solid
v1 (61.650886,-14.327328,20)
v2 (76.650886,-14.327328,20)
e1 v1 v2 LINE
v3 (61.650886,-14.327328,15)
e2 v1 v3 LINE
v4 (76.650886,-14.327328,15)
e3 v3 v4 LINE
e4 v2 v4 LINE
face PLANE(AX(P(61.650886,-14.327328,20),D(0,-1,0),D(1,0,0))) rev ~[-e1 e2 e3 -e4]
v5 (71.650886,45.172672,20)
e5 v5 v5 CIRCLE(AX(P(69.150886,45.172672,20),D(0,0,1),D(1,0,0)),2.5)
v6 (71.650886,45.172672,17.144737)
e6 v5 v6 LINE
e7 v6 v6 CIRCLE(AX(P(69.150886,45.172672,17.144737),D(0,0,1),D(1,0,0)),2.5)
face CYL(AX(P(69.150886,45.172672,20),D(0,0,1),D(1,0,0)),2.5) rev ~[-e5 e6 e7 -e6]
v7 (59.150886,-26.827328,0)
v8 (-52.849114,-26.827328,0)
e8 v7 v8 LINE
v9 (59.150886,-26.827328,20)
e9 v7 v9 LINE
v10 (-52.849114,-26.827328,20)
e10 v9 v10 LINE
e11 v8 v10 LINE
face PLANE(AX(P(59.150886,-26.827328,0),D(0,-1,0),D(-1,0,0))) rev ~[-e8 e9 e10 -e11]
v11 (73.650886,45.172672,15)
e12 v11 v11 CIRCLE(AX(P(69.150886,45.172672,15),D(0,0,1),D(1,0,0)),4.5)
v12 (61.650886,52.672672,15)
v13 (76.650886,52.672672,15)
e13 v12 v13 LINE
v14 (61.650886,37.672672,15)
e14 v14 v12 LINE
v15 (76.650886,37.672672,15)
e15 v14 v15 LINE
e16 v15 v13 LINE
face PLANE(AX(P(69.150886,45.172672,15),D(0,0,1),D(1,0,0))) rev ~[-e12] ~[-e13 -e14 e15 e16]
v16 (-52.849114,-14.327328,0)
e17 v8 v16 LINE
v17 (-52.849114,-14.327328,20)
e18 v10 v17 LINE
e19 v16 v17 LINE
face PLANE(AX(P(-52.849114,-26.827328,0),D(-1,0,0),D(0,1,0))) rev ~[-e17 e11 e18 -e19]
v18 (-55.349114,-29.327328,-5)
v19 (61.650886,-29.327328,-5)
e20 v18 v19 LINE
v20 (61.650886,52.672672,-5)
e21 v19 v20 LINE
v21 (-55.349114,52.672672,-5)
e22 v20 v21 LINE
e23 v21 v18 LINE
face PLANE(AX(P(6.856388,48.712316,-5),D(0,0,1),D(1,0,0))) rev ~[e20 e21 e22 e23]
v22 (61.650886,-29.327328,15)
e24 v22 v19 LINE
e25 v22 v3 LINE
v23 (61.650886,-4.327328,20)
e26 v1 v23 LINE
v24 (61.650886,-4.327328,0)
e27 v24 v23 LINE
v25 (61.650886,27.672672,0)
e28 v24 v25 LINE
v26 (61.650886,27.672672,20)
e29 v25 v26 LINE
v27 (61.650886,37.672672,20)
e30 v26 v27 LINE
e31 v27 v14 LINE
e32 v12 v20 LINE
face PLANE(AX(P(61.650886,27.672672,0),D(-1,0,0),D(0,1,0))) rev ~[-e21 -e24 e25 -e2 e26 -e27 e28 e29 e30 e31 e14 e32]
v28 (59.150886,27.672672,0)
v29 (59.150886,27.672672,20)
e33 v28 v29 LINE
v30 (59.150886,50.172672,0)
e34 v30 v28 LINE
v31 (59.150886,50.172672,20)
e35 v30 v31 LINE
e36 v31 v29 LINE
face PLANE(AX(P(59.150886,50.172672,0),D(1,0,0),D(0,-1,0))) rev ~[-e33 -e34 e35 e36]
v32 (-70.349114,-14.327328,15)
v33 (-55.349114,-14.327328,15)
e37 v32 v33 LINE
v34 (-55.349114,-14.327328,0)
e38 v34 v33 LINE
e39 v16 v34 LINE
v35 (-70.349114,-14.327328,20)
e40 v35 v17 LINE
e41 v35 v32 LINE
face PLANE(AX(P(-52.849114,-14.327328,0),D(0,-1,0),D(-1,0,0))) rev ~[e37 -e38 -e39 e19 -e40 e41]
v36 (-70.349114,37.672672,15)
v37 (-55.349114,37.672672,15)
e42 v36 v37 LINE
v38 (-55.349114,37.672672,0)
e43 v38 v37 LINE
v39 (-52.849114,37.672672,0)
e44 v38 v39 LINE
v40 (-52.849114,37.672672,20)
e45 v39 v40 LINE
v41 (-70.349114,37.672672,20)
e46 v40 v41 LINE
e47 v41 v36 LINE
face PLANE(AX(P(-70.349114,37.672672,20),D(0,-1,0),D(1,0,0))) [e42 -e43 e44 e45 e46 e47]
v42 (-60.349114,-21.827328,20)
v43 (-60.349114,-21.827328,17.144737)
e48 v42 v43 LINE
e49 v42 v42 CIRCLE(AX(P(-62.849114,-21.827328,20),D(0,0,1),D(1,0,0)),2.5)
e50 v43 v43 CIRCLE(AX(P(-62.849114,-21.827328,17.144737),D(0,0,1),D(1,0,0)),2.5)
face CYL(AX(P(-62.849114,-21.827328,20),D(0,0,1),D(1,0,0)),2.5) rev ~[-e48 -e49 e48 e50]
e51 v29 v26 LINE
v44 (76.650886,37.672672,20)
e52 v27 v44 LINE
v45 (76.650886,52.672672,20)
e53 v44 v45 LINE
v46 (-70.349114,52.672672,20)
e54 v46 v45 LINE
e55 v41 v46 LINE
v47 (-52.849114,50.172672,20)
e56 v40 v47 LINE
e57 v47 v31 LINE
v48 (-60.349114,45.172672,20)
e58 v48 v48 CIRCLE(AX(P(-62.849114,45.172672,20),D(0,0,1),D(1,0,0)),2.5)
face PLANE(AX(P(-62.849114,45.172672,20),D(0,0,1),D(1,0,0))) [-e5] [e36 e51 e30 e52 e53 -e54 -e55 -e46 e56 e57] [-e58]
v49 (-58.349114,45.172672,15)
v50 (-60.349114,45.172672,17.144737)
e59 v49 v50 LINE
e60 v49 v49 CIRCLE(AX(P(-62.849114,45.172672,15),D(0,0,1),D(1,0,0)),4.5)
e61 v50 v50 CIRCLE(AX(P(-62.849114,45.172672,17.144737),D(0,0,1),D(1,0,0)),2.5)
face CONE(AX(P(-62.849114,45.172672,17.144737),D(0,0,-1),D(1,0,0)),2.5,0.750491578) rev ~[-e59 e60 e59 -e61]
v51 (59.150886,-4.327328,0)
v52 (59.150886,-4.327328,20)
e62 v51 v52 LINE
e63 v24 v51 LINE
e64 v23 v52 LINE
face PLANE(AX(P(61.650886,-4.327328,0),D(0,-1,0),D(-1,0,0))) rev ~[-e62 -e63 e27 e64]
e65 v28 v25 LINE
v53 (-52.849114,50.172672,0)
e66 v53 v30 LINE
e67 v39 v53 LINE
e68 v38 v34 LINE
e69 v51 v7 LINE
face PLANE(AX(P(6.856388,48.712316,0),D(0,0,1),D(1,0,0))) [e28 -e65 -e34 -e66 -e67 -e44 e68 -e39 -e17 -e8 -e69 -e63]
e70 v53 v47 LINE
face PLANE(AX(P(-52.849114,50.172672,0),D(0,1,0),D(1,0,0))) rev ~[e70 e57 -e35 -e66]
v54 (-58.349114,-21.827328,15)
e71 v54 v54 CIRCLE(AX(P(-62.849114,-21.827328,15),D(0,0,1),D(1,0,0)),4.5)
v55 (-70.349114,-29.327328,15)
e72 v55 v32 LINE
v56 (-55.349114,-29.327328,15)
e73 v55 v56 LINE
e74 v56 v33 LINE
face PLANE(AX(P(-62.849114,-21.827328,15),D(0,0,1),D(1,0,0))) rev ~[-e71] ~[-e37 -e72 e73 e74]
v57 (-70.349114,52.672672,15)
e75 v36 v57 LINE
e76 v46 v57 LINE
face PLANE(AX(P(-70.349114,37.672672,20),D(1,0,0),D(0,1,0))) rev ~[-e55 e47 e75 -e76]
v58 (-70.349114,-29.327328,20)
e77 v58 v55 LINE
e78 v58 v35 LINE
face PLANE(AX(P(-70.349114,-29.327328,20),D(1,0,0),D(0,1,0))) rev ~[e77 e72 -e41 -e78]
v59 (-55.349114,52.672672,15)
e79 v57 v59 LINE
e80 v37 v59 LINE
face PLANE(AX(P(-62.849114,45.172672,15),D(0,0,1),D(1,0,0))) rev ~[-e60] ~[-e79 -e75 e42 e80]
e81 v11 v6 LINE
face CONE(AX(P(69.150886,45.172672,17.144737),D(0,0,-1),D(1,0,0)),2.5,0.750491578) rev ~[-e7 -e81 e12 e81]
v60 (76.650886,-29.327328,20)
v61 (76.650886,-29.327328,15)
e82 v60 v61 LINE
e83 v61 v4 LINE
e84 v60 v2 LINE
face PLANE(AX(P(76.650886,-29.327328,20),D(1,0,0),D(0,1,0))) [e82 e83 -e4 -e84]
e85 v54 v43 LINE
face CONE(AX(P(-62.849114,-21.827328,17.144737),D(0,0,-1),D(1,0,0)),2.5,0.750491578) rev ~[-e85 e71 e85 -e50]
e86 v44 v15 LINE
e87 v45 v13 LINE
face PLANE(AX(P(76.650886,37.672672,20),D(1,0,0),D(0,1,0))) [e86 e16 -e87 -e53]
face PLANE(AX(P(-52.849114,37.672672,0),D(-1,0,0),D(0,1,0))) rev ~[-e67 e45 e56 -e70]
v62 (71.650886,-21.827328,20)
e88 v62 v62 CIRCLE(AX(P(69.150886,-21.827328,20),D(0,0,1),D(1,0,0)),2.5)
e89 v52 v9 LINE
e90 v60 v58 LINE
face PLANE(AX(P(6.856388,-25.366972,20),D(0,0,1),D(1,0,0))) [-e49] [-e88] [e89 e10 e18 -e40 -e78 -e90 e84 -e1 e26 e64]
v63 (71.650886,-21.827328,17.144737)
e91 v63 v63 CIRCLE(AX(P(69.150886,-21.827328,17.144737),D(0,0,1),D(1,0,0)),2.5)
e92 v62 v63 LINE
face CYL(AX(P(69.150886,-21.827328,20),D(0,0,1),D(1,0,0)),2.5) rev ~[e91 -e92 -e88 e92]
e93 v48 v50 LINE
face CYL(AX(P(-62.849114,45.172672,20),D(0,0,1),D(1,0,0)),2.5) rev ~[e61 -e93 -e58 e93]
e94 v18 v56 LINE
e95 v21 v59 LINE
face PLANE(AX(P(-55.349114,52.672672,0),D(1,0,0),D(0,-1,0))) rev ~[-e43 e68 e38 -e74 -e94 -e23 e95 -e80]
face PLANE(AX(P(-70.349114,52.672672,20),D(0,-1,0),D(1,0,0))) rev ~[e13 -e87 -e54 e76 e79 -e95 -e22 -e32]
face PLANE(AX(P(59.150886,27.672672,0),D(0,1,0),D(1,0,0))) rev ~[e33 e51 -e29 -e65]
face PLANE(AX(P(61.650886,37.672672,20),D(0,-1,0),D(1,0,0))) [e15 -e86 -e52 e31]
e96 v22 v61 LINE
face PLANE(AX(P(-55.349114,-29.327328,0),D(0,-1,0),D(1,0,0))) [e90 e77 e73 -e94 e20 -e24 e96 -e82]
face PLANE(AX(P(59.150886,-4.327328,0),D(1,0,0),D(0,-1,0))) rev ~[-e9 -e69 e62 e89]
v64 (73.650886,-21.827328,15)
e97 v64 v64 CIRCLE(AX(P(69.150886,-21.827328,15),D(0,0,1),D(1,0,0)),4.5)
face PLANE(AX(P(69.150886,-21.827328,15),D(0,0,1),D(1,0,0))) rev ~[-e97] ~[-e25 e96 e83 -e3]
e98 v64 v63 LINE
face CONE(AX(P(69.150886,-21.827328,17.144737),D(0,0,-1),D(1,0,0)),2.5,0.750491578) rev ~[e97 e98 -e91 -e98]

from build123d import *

# Parameters (mm, degrees)
F0_W       = 2.5
F0_H       = 32
F0_H_2     = 52
F1_DEPTH   = 5
F2_DEPTH   = 20
F3_W       = 15
F3_H       = 15
F3_R       = 2.5
F4_W       = 15
F4_H       = 15
F4_R       = 2.5
F5_DEPTH   = 5
F6_SIZE2   = 2.14473742
F6_SIZE    = 2
F7_SIZE2   = 2.14473742
F7_SIZE    = 2
F8_SIZE2   = 2.14473742
F8_SIZE    = 2
F8_2_SIZE2 = 2.14473742
F8_2_SIZE  = 2


with BuildPart() as f1:
    # F0 (on Top) → F1 (new body)
    with BuildSketch(Plane.XY):
        Polygon((61.6508859247, 52.6726719439), (-55.3491140753, 52.6726719439), (-55.3491140753, 37.6726719439), (-52.8491140753, 37.6726719439), (-52.8491140753, 50.1726719439), (59.1508859247, 50.1726719439), (59.1508859247, 27.6726719439), (61.6508859247, 27.6726719439), align=None)
        Polygon((-52.8491140753, 50.1726719439), (-52.8491140753, 37.6726719439), (-52.8491140753, -14.3273280561), (-52.8491140753, -26.8273280561), (59.1508859247, -26.8273280561), (59.1508859247, -4.3273280561), (59.1508859247, 27.6726719439), (59.1508859247, 50.1726719439), align=None)
        with Locations((60.4008859247, 11.6726719439)):
            Rectangle(F0_W, F0_H)
        Polygon((-52.8491140753, -14.3273280561), (-55.3491140753, -14.3273280561), (-55.3491140753, -29.3273280561), (61.6508859247, -29.3273280561), (61.6508859247, -4.3273280561), (59.1508859247, -4.3273280561), (59.1508859247, -26.8273280561), (-52.8491140753, -26.8273280561), align=None)
        with Locations((-54.0991140753, 11.6726719439)):
            Rectangle(F0_W, F0_H_2)
    extrude(amount=-F1_DEPTH)

    # F0 (on Top) → F2 (join)
    with BuildSketch(Plane.XY):
        Polygon((61.6508859247, 52.6726719439), (-55.3491140753, 52.6726719439), (-55.3491140753, 37.6726719439), (-52.8491140753, 37.6726719439), (-52.8491140753, 50.1726719439), (59.1508859247, 50.1726719439), (59.1508859247, 27.6726719439), (61.6508859247, 27.6726719439), align=None)
        Polygon((-52.8491140753, -14.3273280561), (-55.3491140753, -14.3273280561), (-55.3491140753, -29.3273280561), (61.6508859247, -29.3273280561), (61.6508859247, -4.3273280561), (59.1508859247, -4.3273280561), (59.1508859247, -26.8273280561), (-52.8491140753, -26.8273280561), align=None)
    extrude(amount=F2_DEPTH)

    # F3 (on face) + F4 (on face) → F5 (join)
    with BuildSketch(Plane.XY.offset(20)):
        with Locations((-62.8491140753, 45.1726719439)):
            Rectangle(F3_W, F3_H)
        with Locations((-62.8491140753, 45.1726719439)):
            Circle(F3_R, mode=Mode.SUBTRACT)
        with Locations((69.1508859247, 45.1726719439)):
            Rectangle(F3_W, F3_H)
        with Locations((69.1508859247, 45.1726719439)):
            Circle(F3_R, mode=Mode.SUBTRACT)
    with BuildSketch(Plane.XY.offset(20)):
        with Locations((-62.8491140753, -21.8273280561)):
            Rectangle(F4_W, F4_H)
        with Locations((-62.8491140753, -21.8273280561)):
            Circle(F4_R, mode=Mode.SUBTRACT)
        with Locations((69.1508859247, -21.8273280561)):
            Rectangle(F4_W, F4_H)
        with Locations((69.1508859247, -21.8273280561)):
            Circle(F4_R, mode=Mode.SUBTRACT)
    extrude(amount=-F5_DEPTH)

    # F6
    f6_edges = [f1.edges().sort_by_distance(p)[0] for p in [
        (66.650886, -21.827328, 15),
    ]]
    f6_side = f1.faces().sort_by_distance((76.438754, -21.827328, 15))[0]
    chamfer(f6_edges, length=F6_SIZE, length2=F6_SIZE2, reference=f6_side)

    # F7
    f7_edges = [f1.edges().sort_by_distance(p)[0] for p in [
        (66.650886, 45.172672, 15),
    ]]
    f7_side = f1.faces().sort_by_distance((69.150886, 52.46054, 15))[0]
    chamfer(f7_edges, length=F7_SIZE, length2=F7_SIZE2, reference=f7_side)

    # F8
    f8_edges = [f1.edges().sort_by_distance(p)[0] for p in [
        (-65.349114, -21.827328, 15),
    ]]
    f8_side = f1.faces().sort_by_distance((-62.849114, -29.115196, 15))[0]
    chamfer(f8_edges, length=F8_SIZE, length2=F8_SIZE2, reference=f8_side)

    # F8#2
    f8_2_edges = [f1.edges().sort_by_distance(p)[0] for p in [
        (-65.349114, 45.172672, 15),
    ]]
    f8_2_side = f1.faces().sort_by_distance((-62.849114, 37.884804, 15))[0]
    chamfer(f8_2_edges, length=F8_2_SIZE, length2=F8_2_SIZE2, reference=f8_2_side)


solid = f1.part
